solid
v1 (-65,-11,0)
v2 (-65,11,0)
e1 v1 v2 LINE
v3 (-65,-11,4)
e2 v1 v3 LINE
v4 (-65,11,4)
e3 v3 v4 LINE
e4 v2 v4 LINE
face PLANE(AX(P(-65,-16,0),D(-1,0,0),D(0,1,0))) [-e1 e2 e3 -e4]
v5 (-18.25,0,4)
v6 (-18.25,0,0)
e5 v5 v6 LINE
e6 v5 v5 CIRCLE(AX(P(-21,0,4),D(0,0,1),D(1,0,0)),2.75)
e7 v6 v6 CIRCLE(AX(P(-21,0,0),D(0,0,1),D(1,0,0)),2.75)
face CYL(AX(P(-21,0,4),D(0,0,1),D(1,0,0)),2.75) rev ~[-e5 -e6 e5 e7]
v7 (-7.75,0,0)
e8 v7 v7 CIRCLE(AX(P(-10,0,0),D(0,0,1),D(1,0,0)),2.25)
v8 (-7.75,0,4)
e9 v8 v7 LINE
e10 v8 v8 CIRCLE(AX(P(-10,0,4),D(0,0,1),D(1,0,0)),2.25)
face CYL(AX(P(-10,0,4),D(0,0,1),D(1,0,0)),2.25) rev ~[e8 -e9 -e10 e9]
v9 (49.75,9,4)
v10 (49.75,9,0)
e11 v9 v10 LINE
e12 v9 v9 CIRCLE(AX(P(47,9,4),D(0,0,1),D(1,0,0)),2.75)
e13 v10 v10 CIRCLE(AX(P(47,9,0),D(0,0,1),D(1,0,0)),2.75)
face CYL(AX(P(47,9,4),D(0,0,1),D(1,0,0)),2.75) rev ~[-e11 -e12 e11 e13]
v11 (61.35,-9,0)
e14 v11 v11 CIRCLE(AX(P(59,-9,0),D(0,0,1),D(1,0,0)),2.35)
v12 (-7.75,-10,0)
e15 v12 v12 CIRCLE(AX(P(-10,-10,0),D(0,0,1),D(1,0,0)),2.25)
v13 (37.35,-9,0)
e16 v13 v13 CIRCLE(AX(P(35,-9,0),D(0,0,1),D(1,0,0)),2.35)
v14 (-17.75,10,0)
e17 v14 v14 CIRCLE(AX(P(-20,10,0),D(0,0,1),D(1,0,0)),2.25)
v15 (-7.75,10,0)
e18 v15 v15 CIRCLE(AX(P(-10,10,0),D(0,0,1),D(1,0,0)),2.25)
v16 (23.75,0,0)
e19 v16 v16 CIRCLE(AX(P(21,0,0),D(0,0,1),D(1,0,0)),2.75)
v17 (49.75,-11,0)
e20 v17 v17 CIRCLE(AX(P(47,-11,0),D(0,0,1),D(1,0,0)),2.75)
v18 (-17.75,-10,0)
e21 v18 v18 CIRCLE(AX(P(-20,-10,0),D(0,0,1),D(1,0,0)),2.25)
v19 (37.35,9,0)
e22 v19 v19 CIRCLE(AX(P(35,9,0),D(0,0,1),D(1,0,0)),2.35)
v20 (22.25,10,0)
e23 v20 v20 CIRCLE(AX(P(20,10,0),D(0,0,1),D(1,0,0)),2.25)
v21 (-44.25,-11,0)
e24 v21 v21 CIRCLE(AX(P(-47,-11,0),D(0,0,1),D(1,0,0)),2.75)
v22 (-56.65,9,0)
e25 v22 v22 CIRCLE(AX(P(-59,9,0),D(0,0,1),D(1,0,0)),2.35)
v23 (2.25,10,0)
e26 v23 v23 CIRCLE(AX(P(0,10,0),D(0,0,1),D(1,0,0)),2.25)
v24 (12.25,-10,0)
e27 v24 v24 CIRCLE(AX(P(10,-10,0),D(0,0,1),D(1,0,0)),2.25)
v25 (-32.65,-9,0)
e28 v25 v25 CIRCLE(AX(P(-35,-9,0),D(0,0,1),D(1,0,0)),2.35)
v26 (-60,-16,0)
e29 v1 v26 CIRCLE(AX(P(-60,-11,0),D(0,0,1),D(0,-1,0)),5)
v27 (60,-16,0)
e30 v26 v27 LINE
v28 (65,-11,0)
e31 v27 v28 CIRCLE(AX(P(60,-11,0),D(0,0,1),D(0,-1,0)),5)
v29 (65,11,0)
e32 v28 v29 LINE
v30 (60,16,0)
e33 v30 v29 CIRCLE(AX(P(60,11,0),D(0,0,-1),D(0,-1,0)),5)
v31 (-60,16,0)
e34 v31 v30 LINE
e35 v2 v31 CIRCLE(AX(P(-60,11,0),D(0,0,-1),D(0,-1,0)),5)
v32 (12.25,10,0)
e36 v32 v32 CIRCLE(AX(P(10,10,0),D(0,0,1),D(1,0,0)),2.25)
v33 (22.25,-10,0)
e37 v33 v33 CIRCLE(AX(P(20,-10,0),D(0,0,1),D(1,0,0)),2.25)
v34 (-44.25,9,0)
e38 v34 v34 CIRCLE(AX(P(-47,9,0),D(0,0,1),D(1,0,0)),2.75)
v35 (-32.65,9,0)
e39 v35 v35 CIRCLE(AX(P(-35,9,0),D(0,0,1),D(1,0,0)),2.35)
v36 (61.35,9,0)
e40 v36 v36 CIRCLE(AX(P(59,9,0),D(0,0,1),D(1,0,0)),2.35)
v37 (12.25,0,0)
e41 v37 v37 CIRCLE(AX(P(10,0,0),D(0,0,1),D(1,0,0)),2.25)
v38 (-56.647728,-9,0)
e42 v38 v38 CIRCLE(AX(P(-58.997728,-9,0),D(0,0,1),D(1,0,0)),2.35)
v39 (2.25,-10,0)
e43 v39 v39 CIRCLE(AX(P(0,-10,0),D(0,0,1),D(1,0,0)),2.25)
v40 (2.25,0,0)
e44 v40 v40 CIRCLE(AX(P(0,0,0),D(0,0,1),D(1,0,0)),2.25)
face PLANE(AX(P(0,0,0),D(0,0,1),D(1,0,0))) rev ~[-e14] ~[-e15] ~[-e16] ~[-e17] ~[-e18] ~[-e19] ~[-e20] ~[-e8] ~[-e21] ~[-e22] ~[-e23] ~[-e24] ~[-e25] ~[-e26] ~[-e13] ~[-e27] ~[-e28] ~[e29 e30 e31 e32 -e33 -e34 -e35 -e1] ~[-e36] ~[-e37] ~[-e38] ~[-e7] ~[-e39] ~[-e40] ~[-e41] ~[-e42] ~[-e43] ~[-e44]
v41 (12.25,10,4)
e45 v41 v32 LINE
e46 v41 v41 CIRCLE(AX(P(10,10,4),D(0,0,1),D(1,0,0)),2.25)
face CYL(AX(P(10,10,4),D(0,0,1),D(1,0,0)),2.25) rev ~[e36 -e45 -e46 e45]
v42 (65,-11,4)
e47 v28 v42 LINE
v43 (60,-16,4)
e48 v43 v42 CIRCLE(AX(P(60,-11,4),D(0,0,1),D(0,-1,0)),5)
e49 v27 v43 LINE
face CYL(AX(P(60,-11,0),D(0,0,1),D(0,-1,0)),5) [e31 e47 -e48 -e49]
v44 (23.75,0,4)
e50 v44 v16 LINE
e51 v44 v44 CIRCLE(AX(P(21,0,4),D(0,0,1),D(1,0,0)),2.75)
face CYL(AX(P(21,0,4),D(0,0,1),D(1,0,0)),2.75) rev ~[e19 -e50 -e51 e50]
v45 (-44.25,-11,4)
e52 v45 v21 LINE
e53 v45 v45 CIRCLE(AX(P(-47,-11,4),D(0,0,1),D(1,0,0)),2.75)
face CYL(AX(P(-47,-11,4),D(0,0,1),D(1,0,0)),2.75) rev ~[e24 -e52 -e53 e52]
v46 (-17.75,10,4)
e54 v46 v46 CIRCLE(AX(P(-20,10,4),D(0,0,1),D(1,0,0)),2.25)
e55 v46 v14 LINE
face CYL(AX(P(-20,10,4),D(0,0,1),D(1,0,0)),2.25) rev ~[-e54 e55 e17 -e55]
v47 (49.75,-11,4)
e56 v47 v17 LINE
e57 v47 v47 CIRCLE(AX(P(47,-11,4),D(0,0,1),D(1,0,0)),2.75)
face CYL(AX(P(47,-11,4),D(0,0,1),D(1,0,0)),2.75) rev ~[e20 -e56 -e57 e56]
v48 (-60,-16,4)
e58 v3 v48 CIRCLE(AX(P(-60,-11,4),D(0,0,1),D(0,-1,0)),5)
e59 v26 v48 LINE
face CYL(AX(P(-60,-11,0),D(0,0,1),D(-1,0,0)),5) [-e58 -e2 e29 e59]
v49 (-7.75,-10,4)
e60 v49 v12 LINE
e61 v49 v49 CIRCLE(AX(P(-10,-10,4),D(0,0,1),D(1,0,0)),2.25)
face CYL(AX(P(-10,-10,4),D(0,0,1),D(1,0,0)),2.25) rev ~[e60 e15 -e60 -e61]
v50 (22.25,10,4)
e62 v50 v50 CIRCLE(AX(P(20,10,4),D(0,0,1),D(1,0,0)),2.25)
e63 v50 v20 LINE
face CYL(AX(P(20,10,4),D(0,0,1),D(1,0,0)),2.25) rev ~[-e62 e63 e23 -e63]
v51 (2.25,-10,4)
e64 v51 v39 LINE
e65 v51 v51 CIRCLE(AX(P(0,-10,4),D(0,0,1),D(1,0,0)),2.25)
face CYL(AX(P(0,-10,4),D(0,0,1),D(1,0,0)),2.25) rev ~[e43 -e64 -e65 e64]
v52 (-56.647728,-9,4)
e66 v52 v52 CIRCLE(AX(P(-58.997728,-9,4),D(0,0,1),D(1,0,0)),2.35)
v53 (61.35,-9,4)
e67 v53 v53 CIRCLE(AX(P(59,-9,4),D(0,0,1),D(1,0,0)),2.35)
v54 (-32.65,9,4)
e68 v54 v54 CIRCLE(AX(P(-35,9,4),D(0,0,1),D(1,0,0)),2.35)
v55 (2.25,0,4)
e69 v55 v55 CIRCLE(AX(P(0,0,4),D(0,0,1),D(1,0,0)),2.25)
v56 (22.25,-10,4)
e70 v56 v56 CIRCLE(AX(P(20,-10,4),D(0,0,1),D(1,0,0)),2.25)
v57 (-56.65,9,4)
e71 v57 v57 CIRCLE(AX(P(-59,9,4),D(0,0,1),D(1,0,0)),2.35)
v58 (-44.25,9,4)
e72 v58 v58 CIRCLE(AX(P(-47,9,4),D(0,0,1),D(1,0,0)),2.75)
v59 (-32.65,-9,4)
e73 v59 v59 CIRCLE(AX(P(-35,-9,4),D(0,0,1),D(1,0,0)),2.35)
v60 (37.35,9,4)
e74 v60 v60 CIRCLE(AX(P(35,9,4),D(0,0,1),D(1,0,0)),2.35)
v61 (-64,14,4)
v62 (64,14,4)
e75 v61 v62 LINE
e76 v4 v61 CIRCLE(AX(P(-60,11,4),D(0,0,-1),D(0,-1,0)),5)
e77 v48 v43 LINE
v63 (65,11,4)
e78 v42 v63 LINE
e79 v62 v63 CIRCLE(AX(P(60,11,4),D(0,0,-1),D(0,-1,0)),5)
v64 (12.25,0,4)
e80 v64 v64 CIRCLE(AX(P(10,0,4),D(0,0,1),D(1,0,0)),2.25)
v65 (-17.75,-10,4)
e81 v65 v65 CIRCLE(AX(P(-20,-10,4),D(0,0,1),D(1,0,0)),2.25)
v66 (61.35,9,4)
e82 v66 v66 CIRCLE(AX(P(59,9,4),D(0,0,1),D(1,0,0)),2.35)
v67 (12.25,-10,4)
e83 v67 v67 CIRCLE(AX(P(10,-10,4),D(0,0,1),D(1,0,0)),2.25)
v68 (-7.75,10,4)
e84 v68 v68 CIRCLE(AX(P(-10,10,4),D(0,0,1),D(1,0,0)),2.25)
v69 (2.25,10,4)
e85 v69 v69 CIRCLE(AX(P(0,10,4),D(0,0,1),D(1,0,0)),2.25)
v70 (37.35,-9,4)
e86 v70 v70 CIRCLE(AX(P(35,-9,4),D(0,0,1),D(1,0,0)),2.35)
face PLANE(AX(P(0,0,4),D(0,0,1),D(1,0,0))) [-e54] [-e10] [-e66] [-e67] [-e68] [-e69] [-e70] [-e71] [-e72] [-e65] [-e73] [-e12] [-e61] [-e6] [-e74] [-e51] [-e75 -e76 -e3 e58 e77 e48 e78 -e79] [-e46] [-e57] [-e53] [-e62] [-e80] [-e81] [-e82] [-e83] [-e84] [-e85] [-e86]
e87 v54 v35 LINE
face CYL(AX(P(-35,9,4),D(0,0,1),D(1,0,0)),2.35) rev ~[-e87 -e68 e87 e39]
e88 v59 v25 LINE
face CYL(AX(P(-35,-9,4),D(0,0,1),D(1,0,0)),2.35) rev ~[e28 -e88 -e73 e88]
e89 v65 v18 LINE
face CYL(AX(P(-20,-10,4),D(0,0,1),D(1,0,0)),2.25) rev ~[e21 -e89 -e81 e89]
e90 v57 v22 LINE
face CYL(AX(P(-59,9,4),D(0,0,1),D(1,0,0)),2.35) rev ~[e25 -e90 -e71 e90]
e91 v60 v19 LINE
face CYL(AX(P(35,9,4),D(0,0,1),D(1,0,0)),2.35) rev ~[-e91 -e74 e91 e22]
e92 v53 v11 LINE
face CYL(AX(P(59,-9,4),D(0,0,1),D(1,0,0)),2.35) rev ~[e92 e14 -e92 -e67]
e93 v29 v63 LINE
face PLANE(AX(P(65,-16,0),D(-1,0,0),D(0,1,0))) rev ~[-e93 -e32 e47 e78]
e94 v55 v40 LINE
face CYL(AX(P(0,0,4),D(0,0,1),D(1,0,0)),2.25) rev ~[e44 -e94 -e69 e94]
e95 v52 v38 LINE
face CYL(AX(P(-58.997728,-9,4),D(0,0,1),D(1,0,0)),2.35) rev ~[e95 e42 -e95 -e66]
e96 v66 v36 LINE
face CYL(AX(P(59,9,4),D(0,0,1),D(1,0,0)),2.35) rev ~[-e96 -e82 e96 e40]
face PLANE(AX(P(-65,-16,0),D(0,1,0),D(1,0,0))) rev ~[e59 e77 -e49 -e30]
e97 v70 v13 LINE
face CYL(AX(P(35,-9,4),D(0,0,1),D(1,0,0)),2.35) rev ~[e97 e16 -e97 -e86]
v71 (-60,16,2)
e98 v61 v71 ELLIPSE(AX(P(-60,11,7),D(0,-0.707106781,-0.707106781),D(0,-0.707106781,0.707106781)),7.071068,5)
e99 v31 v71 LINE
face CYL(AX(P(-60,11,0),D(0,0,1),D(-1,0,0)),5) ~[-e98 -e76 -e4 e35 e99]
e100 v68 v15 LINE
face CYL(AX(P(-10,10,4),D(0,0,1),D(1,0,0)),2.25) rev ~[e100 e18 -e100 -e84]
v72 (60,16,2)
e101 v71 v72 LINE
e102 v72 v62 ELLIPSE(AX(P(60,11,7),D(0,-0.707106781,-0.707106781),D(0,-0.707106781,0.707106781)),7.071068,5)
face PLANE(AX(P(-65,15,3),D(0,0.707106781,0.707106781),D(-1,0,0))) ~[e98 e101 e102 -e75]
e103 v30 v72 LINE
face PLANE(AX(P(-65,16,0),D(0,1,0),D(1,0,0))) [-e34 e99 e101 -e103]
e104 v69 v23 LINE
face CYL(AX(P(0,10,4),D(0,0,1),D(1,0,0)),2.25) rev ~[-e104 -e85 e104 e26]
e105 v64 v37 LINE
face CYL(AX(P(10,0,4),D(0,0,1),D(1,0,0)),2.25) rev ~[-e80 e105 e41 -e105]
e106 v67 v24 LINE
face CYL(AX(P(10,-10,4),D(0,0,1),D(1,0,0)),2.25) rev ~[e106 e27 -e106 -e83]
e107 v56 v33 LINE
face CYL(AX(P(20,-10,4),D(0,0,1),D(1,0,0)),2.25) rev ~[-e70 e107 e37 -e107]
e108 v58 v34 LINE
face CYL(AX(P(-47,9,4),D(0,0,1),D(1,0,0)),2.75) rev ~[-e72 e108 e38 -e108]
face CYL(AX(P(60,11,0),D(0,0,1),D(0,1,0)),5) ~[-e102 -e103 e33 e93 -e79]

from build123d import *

# Parameters (mm, degrees)
SKETCH_W        = 130
SKETCH_H        = 32
PAD_DEPTH       = 4
SKETCH001_R     = 2.35
SKETCH001_R_2   = 2.75
POCKET_DEPTH    = 4.001
SKETCH002_R     = 2.25
POCKET001_DEPTH = 4.001
CHAMFER_SIZE    = 2
FILLET_R        = 5


with BuildPart() as part:
    # Sketch → Pad (new body)
    with BuildSketch(Plane.XY):
        Rectangle(SKETCH_W, SKETCH_H)
    extrude(amount=PAD_DEPTH)

    # Sketch001 → Pocket (cut, through all)
    with BuildSketch(Plane.XY.offset(4)):
        with Locations((-35, 9)):
            Circle(SKETCH001_R)
        with Locations((-58.997728, -9)):
            Circle(SKETCH001_R)
        with Locations((-59, 9)):
            Circle(SKETCH001_R)
        with Locations((35, 9)):
            Circle(SKETCH001_R)
        with Locations((59, -9)):
            Circle(SKETCH001_R)
        with Locations((59, 9)):
            Circle(SKETCH001_R)
        with Locations((-47, 9)):
            Circle(SKETCH001_R_2)
        with Locations((-47, -11)):
            Circle(SKETCH001_R_2)
        with Locations((47, 9)):
            Circle(SKETCH001_R_2)
        with Locations((47, -11)):
            Circle(SKETCH001_R_2)
        with Locations((-21, 0)):
            Circle(SKETCH001_R_2)
        with Locations((21, 0)):
            Circle(SKETCH001_R_2)
        with Locations((-35, -9)):
            Circle(SKETCH001_R)
        with Locations((35, -9)):
            Circle(SKETCH001_R)
    extrude(amount=-POCKET_DEPTH, mode=Mode.SUBTRACT)

    # Sketch002 → Pocket001 (cut, through all)
    with BuildSketch(Plane.XY.offset(4)):
        with Locations((-10, 10)):
            Circle(SKETCH002_R)
        with Locations((-10, 0)):
            Circle(SKETCH002_R)
        with Locations((10, 10)):
            Circle(SKETCH002_R)
        with Locations((10, 0)):
            Circle(SKETCH002_R)
        with Locations((0, 10)):
            Circle(SKETCH002_R)
        Circle(SKETCH002_R)
        with Locations((0, -10)):
            Circle(SKETCH002_R)
        with Locations((-10, -10)):
            Circle(SKETCH002_R)
        with Locations((10, -10)):
            Circle(SKETCH002_R)
        with Locations((-20, 10)):
            Circle(SKETCH002_R)
        with Locations((20, 10)):
            Circle(SKETCH002_R)
        with Locations((20, -10)):
            Circle(SKETCH002_R)
        with Locations((-20, -10)):
            Circle(SKETCH002_R)
    extrude(amount=-POCKET001_DEPTH, mode=Mode.SUBTRACT)

    # Chamfer
    chamfer_edges = [part.edges().sort_by_distance(p)[0] for p in [
        (0, 16, 4),
    ]]
    chamfer(chamfer_edges, length=CHAMFER_SIZE)

    # Fillet
    fillet_edges = [part.edges().sort_by_distance(p)[0] for p in [
        (-65, 16, 1),
        (65, 16, 1),
        (-65, -16, 2),
        (65, -16, 2),
    ]]
    fillet(fillet_edges, radius=FILLET_R)


solid = part.part
